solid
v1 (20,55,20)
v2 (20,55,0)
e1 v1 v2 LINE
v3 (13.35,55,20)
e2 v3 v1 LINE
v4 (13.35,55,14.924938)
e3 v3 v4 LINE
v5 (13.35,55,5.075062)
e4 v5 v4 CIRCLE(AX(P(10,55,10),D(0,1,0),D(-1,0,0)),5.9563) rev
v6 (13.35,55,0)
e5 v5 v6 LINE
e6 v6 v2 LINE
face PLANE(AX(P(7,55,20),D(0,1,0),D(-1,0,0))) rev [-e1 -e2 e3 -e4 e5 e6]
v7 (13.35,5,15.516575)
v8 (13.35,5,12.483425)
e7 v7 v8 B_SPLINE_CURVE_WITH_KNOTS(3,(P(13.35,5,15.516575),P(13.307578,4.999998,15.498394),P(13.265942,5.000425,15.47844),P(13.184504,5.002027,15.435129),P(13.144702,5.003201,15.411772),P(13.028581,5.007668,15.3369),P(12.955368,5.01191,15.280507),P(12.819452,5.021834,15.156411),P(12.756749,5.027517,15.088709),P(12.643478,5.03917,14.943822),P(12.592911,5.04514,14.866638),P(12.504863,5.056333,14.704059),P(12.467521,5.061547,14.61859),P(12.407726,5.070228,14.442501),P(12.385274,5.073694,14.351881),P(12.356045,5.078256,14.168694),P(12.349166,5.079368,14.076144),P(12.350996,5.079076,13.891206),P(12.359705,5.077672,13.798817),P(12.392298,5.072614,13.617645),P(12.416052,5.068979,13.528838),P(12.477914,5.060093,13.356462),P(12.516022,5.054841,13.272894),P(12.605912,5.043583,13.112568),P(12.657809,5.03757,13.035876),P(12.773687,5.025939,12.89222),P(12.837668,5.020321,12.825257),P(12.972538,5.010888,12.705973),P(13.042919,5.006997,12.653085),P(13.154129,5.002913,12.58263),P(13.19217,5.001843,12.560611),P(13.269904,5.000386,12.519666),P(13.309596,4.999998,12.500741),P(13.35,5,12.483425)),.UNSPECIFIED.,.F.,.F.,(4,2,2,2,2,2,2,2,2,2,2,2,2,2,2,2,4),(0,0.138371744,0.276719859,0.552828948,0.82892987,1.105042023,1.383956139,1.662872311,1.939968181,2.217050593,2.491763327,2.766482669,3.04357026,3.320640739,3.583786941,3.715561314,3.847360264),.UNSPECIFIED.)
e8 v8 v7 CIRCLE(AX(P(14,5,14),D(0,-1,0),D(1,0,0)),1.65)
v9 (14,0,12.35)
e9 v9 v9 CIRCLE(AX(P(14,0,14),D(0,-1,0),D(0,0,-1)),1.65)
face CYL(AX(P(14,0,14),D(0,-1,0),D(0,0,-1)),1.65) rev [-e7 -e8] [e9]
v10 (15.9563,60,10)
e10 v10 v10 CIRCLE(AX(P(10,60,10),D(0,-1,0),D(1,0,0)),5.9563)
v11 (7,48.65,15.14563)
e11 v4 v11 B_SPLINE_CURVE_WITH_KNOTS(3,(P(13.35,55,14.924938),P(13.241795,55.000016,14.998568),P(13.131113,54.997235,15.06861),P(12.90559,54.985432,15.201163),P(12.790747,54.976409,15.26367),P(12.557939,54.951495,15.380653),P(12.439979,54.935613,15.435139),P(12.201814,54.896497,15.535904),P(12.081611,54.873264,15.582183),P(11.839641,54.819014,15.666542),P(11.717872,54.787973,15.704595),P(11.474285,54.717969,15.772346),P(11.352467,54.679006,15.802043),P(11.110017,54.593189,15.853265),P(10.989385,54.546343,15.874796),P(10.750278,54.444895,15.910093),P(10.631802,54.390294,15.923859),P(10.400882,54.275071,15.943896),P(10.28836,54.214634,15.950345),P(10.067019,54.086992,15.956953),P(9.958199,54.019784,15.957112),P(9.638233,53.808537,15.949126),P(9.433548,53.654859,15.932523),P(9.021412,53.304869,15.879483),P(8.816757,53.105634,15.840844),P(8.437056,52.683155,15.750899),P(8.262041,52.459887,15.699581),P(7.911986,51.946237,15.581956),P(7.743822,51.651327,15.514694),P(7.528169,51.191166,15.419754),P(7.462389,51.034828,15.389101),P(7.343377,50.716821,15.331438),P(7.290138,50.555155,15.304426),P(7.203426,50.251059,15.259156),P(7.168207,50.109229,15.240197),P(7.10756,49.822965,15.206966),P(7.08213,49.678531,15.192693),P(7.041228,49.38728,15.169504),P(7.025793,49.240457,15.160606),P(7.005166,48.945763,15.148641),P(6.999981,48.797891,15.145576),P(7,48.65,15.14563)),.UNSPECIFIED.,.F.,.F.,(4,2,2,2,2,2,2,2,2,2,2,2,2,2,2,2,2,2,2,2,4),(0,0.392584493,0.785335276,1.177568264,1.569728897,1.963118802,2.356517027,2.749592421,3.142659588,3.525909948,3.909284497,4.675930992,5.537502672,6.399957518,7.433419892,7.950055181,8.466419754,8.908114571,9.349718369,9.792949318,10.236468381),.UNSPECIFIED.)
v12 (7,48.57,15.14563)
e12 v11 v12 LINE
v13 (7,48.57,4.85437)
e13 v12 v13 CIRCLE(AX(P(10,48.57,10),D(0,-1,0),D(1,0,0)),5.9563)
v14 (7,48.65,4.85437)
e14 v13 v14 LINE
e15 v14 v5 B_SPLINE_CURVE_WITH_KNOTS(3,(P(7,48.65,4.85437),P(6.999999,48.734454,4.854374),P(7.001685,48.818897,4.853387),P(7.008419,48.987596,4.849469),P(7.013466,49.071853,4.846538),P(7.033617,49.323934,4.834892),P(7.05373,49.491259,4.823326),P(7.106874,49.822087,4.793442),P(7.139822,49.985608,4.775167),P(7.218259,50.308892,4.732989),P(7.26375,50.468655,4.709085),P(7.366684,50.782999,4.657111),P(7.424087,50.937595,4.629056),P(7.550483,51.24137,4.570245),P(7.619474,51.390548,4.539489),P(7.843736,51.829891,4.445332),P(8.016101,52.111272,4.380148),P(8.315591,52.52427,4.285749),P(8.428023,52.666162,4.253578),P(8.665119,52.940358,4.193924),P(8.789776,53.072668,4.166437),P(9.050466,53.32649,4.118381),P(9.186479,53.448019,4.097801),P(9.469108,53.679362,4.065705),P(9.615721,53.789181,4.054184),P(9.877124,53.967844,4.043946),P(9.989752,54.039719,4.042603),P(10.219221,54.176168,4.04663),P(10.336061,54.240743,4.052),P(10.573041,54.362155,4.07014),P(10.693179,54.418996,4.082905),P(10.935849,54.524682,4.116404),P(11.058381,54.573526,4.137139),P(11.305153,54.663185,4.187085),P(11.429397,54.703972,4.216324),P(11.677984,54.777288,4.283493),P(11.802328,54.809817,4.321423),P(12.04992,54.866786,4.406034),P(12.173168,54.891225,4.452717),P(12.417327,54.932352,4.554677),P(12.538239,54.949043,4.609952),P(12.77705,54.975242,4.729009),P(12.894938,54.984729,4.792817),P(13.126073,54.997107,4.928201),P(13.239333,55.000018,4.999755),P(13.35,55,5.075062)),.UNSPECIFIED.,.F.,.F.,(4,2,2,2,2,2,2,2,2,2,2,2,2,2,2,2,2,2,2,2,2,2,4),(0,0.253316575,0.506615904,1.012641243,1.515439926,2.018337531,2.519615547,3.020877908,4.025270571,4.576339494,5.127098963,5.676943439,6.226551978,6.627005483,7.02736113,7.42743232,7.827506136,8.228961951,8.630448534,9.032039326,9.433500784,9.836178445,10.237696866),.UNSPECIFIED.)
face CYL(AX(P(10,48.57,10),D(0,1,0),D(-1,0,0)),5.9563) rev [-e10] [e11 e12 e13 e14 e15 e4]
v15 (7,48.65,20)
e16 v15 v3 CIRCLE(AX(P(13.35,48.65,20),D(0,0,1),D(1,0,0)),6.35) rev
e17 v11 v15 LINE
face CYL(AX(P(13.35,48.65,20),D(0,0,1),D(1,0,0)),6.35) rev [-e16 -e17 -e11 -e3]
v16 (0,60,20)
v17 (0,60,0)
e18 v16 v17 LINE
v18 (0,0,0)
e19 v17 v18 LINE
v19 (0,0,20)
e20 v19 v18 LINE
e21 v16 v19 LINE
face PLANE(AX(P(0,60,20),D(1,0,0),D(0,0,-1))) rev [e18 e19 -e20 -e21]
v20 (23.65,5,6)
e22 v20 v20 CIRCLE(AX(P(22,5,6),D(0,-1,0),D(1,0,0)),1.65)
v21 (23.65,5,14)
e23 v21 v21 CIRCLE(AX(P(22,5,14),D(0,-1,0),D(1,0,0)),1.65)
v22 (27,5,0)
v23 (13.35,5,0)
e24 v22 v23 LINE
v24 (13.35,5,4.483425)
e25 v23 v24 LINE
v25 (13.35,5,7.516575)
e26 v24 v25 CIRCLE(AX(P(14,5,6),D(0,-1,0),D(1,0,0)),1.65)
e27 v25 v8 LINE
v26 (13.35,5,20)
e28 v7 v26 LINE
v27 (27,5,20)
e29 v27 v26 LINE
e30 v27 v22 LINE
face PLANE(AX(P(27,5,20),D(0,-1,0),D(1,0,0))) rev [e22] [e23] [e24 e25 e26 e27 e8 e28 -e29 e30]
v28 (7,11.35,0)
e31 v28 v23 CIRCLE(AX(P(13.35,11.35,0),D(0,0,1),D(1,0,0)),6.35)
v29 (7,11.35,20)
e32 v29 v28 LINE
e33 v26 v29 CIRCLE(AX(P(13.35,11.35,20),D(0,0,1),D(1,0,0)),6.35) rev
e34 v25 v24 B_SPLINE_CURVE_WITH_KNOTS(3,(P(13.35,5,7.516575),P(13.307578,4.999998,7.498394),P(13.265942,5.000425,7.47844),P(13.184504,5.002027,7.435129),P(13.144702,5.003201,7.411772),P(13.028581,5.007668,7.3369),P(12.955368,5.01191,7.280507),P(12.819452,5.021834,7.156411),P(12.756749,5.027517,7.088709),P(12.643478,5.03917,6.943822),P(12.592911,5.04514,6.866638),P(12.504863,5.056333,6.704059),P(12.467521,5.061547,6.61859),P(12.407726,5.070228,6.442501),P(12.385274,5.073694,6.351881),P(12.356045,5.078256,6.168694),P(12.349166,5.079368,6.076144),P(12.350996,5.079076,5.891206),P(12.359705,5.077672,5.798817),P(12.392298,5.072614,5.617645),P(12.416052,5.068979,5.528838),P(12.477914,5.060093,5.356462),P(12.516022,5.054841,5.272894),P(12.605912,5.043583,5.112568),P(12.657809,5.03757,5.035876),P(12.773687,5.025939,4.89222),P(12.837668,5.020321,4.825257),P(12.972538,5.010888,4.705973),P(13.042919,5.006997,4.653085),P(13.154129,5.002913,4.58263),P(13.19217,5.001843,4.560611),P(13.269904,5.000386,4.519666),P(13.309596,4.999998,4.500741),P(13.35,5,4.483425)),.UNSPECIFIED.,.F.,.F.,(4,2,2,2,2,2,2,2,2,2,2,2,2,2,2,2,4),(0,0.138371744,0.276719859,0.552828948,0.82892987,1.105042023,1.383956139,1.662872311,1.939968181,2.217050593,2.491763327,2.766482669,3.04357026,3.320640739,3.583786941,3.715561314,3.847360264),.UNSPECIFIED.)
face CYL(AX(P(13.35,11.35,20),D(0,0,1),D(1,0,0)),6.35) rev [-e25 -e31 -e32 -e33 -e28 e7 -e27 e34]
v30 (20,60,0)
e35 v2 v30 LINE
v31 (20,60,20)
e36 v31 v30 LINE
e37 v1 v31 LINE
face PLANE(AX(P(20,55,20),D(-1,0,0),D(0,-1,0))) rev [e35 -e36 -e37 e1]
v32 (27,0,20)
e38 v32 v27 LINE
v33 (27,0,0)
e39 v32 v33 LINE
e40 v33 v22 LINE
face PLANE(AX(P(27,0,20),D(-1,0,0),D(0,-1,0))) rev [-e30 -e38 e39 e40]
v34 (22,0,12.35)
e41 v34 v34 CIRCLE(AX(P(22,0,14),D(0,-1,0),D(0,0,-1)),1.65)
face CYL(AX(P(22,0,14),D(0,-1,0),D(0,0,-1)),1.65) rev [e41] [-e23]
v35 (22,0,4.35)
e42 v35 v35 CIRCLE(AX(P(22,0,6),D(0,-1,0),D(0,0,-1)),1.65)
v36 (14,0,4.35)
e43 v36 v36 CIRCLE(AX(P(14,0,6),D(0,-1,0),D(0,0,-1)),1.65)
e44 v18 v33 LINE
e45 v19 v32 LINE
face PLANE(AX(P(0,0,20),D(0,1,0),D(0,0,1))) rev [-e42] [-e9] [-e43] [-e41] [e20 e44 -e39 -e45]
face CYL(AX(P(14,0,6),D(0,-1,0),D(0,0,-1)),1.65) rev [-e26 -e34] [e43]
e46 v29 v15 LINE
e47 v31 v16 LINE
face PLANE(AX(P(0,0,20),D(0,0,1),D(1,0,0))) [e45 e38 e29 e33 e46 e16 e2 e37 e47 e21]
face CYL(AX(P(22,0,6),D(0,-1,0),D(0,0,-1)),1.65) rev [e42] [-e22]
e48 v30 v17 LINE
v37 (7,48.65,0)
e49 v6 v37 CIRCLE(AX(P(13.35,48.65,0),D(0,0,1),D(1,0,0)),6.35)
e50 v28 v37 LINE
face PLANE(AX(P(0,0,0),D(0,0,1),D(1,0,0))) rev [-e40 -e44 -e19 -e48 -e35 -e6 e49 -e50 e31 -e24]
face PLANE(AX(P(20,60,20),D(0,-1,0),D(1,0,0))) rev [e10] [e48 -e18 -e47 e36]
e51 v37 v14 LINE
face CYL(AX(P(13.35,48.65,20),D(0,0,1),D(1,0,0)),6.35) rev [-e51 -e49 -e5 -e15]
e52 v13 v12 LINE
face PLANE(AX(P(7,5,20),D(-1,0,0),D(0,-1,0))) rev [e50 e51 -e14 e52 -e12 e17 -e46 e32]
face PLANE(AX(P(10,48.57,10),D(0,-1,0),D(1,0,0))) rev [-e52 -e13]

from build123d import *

# Parameters (mm, degrees)
BOSS_EXTRUDE1_DEPTH       = 20
FILLET1_R                 = 6.35
M4X0_7_TAPPED_HOLE1_D     = 3.3
M4X0_7_TAPPED_HOLE1_DEPTH = 10.1
M4X0_7_TAPPED_HOLE1_TIP   = 0.991420021
SKETCH5_R                 = 5.9563
CUT_EXTRUDE1_DEPTH        = 11.43


with BuildPart() as part:
    # Sketch1 → Boss-Extrude1 (new body)
    with BuildSketch(Plane.XY):
        Polygon((0, 0), (27, 0), (27, 5), (7, 5), (7, 55), (20, 55), (20, 60), (0, 60), align=None)
    extrude(amount=BOSS_EXTRUDE1_DEPTH)

    # Fillet1
    fillet1_edges = [part.edges().sort_by_distance(p)[0] for p in [
        (7, 55, 10),
        (7, 5, 10),
    ]]
    fillet(fillet1_edges, radius=FILLET1_R)

    # M4x0.7 Tapped Hole1
    with Locations(Plane(origin=(0, 0, 0), x_dir=(-1, 0, 0), z_dir=(0, -1, 0))):
        with Locations((-22, -14), (-22, -6), (-14, -6), (-14, -14)):
            Hole(M4X0_7_TAPPED_HOLE1_D / 2, depth=M4X0_7_TAPPED_HOLE1_DEPTH)
            with Locations((0, 0, -(M4X0_7_TAPPED_HOLE1_DEPTH + M4X0_7_TAPPED_HOLE1_TIP / 2))):  # 118° drill point
                Cone(0, M4X0_7_TAPPED_HOLE1_D / 2, M4X0_7_TAPPED_HOLE1_TIP, mode=Mode.SUBTRACT)

    # Sketch5 → Cut-Extrude1 (cut)
    with BuildSketch(Plane.XZ.offset(-60)):
        with Locations(Location((10, 10, 0), (0, 0, 120.242996609))):
            Circle(SKETCH5_R)
    extrude(amount=CUT_EXTRUDE1_DEPTH, mode=Mode.SUBTRACT)


solid = part.part
